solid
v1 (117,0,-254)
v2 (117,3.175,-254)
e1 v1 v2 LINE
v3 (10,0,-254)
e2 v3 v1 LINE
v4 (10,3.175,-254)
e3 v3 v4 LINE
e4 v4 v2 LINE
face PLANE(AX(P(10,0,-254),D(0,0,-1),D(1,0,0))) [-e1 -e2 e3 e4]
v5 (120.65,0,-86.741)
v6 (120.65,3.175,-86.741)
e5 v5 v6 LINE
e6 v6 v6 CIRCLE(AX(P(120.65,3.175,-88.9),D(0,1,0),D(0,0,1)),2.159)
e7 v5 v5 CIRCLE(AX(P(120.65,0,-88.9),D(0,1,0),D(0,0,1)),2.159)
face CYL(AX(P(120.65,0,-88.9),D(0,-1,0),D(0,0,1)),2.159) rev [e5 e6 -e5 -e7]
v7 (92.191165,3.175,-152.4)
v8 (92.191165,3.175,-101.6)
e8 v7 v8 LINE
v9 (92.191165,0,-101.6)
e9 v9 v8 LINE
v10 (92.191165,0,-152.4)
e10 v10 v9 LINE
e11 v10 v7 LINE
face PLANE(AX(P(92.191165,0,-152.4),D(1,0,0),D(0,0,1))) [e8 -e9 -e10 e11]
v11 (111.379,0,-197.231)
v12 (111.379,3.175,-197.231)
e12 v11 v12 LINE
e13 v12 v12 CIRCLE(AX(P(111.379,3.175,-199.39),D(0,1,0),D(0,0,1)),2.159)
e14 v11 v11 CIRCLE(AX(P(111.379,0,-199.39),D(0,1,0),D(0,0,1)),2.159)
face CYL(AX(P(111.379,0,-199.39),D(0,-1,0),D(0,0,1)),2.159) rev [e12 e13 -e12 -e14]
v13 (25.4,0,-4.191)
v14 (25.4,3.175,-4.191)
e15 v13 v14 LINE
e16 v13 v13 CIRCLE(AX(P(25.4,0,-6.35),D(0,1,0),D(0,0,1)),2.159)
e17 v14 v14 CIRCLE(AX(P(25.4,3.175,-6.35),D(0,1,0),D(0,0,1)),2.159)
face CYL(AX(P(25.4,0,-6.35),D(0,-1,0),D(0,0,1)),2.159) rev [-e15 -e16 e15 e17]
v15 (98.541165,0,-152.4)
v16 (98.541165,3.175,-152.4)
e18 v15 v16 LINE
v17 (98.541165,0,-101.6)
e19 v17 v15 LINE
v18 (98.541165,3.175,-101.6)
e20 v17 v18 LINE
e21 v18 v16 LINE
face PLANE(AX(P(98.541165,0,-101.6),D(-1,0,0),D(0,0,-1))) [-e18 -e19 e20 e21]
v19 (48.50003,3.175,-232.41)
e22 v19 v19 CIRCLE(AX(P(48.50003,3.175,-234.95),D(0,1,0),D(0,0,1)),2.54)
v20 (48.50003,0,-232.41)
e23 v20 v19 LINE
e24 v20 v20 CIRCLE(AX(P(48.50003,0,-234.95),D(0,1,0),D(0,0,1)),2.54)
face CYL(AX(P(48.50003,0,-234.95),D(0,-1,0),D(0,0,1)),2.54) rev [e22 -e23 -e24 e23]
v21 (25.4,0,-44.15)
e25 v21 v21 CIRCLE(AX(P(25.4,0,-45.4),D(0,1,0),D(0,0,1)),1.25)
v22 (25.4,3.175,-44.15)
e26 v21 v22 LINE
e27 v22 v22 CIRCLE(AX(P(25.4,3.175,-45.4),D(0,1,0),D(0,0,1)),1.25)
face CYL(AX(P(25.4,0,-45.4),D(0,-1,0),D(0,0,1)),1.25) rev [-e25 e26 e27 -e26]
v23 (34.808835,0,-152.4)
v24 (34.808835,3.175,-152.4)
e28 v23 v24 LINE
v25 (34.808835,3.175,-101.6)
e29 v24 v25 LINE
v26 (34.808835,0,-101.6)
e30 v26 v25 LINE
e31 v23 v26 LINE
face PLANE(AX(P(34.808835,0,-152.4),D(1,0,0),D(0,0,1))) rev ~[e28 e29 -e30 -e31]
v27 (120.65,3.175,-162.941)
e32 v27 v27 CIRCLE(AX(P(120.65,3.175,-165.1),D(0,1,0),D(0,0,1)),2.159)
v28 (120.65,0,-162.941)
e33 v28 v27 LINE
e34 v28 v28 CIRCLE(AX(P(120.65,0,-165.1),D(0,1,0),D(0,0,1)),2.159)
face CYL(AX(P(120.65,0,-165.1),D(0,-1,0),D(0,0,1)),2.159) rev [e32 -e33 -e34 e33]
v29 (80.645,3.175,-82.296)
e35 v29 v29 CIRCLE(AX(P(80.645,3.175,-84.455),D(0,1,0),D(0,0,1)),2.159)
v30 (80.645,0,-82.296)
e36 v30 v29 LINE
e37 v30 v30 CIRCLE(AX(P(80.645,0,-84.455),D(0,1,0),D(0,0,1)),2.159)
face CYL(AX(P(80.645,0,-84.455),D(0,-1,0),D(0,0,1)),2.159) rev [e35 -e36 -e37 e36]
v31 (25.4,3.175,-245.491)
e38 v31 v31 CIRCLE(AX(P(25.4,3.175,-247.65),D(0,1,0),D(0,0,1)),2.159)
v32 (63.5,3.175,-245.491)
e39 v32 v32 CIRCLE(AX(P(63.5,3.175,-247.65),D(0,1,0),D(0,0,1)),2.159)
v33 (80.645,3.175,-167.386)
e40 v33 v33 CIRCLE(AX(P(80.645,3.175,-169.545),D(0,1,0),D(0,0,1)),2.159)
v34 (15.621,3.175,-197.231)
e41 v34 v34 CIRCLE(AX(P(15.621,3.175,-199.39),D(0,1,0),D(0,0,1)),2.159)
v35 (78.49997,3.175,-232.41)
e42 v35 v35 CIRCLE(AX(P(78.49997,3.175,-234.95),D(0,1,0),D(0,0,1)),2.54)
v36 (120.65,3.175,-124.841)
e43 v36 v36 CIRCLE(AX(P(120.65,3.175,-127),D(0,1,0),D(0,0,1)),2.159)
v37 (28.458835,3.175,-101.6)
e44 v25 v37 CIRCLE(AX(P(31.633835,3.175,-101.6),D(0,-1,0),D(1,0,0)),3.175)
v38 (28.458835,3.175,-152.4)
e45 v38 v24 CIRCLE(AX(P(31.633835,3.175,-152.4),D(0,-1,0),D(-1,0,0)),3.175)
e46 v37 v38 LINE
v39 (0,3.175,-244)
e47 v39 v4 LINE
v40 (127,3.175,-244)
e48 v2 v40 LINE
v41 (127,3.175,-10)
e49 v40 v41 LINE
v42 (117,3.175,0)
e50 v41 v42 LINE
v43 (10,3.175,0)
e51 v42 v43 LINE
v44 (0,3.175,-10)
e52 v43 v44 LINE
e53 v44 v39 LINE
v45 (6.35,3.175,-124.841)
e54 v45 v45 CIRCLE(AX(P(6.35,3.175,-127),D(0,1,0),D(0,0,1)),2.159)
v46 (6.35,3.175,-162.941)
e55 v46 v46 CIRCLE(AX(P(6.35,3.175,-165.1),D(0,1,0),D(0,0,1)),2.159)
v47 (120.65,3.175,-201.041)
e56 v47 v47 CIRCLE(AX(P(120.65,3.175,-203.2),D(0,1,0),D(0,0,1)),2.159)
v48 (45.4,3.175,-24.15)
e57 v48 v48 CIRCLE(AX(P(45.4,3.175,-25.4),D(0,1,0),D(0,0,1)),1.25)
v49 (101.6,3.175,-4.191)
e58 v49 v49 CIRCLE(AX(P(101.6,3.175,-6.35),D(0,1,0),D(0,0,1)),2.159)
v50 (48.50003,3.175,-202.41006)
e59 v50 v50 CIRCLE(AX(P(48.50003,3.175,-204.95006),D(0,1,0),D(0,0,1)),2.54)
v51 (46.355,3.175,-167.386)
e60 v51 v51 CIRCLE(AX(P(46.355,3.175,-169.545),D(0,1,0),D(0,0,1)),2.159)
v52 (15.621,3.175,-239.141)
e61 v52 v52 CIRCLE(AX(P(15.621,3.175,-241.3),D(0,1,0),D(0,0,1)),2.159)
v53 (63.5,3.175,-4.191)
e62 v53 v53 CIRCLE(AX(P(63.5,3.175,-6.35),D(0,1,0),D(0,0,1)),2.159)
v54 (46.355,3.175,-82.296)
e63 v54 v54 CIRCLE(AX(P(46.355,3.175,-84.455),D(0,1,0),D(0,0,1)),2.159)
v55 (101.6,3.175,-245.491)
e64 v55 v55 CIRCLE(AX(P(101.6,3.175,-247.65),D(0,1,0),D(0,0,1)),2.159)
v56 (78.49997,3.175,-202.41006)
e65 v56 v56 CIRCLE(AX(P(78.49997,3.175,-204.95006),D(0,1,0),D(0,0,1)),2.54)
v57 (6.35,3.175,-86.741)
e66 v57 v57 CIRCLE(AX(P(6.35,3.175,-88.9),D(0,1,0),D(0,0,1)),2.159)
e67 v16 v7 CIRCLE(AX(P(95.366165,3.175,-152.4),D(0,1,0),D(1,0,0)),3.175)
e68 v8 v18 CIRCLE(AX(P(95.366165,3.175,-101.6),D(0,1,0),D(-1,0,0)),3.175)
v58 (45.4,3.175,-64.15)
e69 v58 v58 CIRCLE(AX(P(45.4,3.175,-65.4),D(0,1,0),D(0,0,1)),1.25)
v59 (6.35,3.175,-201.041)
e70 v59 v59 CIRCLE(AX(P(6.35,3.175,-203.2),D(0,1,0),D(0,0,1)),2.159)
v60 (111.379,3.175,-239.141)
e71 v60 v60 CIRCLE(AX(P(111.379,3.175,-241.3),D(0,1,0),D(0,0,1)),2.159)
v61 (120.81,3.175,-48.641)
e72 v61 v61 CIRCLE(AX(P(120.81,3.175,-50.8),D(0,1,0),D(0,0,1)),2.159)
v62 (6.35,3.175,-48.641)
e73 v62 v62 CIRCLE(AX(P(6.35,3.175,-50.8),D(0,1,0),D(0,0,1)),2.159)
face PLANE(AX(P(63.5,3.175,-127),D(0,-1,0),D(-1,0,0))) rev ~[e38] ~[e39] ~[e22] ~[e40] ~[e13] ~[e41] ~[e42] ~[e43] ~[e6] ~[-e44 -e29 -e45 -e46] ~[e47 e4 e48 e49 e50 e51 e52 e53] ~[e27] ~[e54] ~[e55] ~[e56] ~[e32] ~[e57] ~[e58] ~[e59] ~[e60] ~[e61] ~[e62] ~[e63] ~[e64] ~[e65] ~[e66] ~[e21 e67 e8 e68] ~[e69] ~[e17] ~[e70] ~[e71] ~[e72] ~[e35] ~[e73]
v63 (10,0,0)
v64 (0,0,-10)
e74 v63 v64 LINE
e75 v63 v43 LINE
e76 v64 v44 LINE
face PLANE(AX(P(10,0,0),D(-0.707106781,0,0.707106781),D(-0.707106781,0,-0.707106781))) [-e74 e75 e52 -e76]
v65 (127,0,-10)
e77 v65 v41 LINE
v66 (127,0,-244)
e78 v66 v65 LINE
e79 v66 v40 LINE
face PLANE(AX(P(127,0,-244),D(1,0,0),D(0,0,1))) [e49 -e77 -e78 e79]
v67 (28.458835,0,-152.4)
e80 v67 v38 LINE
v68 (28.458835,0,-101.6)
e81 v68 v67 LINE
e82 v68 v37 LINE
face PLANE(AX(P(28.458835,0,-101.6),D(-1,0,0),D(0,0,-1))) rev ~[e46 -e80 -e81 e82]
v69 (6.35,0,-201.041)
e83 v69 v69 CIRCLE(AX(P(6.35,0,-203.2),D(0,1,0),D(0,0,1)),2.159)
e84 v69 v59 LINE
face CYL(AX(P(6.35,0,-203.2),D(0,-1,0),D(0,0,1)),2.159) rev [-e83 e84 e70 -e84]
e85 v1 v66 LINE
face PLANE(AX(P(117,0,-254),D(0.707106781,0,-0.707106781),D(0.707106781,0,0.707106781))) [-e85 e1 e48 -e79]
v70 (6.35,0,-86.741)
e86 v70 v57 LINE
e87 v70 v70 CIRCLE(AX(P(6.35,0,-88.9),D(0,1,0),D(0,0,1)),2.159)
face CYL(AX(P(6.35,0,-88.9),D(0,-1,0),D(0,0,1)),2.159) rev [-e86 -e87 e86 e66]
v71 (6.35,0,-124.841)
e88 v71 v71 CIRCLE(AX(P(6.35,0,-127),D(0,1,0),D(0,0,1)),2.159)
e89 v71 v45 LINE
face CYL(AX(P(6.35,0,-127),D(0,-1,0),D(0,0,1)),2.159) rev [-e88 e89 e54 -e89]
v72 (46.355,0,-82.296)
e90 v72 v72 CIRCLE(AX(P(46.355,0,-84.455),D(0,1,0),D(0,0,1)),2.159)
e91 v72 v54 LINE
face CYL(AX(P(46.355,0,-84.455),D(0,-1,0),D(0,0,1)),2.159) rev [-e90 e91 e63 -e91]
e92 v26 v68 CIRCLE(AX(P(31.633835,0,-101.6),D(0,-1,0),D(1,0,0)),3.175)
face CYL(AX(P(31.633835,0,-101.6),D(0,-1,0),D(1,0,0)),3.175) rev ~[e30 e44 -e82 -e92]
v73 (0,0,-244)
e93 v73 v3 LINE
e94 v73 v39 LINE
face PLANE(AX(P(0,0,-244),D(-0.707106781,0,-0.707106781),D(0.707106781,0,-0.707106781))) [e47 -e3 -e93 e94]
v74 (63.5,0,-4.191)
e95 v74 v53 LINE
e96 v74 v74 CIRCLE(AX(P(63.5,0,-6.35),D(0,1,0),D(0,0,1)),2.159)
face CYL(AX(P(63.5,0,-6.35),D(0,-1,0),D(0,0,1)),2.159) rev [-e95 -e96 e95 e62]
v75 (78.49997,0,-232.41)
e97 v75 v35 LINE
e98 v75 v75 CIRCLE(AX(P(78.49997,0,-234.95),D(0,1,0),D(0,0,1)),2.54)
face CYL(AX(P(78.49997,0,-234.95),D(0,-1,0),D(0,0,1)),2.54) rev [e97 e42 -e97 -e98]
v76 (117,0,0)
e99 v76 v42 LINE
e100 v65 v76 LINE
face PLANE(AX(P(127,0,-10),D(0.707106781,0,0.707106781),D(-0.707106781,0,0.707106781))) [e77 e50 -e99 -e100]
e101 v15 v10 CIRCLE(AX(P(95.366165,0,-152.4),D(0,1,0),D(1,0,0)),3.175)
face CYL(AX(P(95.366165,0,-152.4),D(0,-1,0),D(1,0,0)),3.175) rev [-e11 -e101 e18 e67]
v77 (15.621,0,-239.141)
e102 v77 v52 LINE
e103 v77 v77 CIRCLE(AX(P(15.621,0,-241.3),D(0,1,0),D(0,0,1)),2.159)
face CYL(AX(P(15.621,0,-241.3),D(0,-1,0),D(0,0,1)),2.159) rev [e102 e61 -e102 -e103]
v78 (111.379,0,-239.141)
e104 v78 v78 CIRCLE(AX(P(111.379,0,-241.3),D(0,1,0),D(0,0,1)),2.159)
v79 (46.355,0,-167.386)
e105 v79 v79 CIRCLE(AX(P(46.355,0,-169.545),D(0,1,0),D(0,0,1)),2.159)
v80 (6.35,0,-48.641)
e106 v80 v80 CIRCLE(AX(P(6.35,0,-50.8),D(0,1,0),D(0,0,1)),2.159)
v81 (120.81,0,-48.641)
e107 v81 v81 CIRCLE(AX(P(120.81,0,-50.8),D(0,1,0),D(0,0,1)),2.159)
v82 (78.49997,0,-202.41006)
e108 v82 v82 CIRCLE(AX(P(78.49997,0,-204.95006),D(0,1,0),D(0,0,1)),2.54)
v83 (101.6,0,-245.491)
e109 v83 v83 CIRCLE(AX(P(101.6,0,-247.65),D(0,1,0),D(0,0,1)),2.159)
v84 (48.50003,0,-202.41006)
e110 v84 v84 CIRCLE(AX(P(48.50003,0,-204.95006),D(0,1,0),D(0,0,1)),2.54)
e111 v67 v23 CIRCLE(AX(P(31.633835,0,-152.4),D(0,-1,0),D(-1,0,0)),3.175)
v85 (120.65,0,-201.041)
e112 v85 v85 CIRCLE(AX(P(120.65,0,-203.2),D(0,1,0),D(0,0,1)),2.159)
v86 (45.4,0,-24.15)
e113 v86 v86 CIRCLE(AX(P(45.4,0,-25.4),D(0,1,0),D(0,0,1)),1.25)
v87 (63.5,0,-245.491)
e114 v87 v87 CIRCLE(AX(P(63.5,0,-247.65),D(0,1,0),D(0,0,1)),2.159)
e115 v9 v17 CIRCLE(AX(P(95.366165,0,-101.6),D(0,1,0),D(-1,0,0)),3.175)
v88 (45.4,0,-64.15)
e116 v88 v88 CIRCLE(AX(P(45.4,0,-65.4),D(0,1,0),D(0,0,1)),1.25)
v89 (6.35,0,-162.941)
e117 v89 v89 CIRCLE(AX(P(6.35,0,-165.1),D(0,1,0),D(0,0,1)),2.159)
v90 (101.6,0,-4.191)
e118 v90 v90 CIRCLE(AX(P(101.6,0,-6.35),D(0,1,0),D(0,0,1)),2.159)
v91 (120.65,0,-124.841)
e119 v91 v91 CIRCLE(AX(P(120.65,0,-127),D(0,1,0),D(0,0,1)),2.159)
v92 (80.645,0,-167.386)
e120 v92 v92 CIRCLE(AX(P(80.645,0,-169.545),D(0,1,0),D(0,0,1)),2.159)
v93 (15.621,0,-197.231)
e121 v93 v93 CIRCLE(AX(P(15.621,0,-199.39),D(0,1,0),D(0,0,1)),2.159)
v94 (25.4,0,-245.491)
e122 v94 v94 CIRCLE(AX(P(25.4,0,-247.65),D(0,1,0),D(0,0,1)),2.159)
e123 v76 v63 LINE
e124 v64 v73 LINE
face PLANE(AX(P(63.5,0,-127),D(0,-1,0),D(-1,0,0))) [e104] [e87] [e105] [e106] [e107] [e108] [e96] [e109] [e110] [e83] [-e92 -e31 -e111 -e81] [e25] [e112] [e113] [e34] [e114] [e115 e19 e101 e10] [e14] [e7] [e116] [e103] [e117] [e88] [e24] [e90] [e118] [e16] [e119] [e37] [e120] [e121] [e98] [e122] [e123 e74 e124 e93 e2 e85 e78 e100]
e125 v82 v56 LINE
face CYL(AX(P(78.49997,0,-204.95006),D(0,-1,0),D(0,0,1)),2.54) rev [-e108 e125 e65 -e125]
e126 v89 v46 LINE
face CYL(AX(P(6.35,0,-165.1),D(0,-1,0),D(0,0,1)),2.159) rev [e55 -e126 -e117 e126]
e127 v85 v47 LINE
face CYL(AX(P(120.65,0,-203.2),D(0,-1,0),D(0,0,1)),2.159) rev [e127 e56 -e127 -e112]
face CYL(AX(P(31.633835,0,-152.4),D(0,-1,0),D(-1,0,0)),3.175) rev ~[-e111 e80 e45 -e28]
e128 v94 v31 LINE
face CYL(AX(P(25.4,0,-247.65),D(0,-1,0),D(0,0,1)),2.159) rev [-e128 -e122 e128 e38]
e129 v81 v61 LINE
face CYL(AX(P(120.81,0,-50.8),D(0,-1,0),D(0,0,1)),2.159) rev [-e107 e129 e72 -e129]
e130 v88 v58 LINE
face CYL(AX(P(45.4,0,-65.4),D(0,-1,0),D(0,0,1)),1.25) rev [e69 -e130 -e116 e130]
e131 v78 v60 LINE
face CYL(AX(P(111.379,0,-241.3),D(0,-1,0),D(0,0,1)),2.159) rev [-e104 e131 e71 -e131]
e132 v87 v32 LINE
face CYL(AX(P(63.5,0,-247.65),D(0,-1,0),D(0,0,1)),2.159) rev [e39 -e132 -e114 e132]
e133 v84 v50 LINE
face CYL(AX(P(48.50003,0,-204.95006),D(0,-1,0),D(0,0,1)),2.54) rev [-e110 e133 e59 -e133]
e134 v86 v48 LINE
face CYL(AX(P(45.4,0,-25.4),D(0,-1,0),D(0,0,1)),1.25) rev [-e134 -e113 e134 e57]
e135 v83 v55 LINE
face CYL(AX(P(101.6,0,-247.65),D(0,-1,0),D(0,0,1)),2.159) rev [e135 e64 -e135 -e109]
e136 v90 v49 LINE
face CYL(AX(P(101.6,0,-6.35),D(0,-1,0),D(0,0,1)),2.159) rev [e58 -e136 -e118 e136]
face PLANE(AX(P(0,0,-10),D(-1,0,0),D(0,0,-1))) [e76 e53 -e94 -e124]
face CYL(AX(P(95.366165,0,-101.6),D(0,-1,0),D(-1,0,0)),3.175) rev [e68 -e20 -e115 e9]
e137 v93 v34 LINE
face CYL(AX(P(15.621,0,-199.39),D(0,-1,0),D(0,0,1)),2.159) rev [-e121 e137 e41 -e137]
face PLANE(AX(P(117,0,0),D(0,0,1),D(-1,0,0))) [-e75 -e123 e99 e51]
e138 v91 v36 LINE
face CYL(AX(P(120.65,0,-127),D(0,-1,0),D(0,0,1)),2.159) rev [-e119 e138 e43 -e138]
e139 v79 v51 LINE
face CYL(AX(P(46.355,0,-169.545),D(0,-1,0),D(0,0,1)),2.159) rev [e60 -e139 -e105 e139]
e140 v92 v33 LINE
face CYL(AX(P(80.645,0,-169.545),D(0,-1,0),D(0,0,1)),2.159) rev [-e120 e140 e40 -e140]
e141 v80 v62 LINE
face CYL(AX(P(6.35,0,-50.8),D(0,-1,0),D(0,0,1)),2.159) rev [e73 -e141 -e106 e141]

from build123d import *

# Parameters (mm, degrees)
SKETCH2_R           = 2.159
SKETCH2_R_2         = 2.54
SKETCH2_R_3         = 1.25
BOSS_EXTRUDE1_DEPTH = 3.175


with BuildPart() as part:
    # Sketch2 → Boss-Extrude1 (new body)
    with BuildSketch(Plane(origin=(0, 0, 0), x_dir=(1, 0, 0), z_dir=(0, 1, 0))):
        Polygon((0, 10), (0, 244), (10, 254), (117, 254), (127, 244), (127, 10), (117, 0), (10, 0), align=None)
        with Locations(Location((6.35, 88.9, 0), (0, 0, 270))):
            Circle(SKETCH2_R, mode=Mode.SUBTRACT)
        with Locations(Location((6.35, 165.1, 0), (0, 0, 270))):
            Circle(SKETCH2_R, mode=Mode.SUBTRACT)
        with Locations(Location((120.65, 165.1, 0), (0, 0, 270))):
            Circle(SKETCH2_R, mode=Mode.SUBTRACT)
        with Locations(Location((120.81, 50.8, 0), (0, 0, 270))):
            Circle(SKETCH2_R, mode=Mode.SUBTRACT)
        with Locations(Location((6.35, 50.8, 0), (0, 0, 270))):
            Circle(SKETCH2_R, mode=Mode.SUBTRACT)
        with Locations(Location((25.4, 247.65, 0), (0, 0, 270))):
            Circle(SKETCH2_R, mode=Mode.SUBTRACT)
        with Locations(Location((101.6, 247.65, 0), (0, 0, 270))):
            Circle(SKETCH2_R, mode=Mode.SUBTRACT)
        with Locations(Location((101.6, 6.35, 0), (0, 0, 270))):
            Circle(SKETCH2_R, mode=Mode.SUBTRACT)
        with Locations(Location((25.4, 6.35, 0), (0, 0, 270))):
            Circle(SKETCH2_R, mode=Mode.SUBTRACT)
        with Locations(Location((15.621, 241.3, 0), (0, 0, 270))):
            Circle(SKETCH2_R, mode=Mode.SUBTRACT)
        with Locations(Location((15.621, 199.39, 0), (0, 0, 270))):
            Circle(SKETCH2_R, mode=Mode.SUBTRACT)
        with Locations(Location((111.379, 199.39, 0), (0, 0, 270))):
            Circle(SKETCH2_R, mode=Mode.SUBTRACT)
        with Locations(Location((111.379, 241.3, 0), (0, 0, 270))):
            Circle(SKETCH2_R, mode=Mode.SUBTRACT)
        with Locations(Location((46.355, 169.545, 0), (0, 0, 270))):
            Circle(SKETCH2_R, mode=Mode.SUBTRACT)
        with Locations(Location((46.355, 84.455, 0), (0, 0, 270))):
            Circle(SKETCH2_R, mode=Mode.SUBTRACT)
        with Locations(Location((80.645, 84.455, 0), (0, 0, 270))):
            Circle(SKETCH2_R, mode=Mode.SUBTRACT)
        with Locations(Location((80.645, 169.545, 0), (0, 0, 270))):
            Circle(SKETCH2_R, mode=Mode.SUBTRACT)
        with Locations(Location((120.65, 88.9, 0), (0, 0, 270))):
            Circle(SKETCH2_R, mode=Mode.SUBTRACT)
        with Locations(Location((48.50003, 234.95, 0), (0, 0, 270))):
            Circle(SKETCH2_R_2, mode=Mode.SUBTRACT)
        with Locations(Location((78.49997, 234.95, 0), (0, 0, 270))):
            Circle(SKETCH2_R_2, mode=Mode.SUBTRACT)
        with Locations(Location((78.49997, 204.95006, 0), (0, 0, 270))):
            Circle(SKETCH2_R_2, mode=Mode.SUBTRACT)
        with Locations(Location((48.50003, 204.95006, 0), (0, 0, 270))):
            Circle(SKETCH2_R_2, mode=Mode.SUBTRACT)
        with Locations(Location((120.65, 203.2, 0), (0, 0, 270))):
            Circle(SKETCH2_R, mode=Mode.SUBTRACT)
        with Locations(Location((6.35, 203.2, 0), (0, 0, 270))):
            Circle(SKETCH2_R, mode=Mode.SUBTRACT)
        with Locations(Location((63.5, 247.65, 0), (0, 0, 270))):
            Circle(SKETCH2_R, mode=Mode.SUBTRACT)
        with Locations(Location((63.5, 6.35, 0), (0, 0, 270))):
            Circle(SKETCH2_R, mode=Mode.SUBTRACT)
        with Locations(Location((120.65, 127, 0), (0, 0, 270))):
            Circle(SKETCH2_R, mode=Mode.SUBTRACT)
        with Locations(Location((6.35, 127, 0), (0, 0, 270))):
            Circle(SKETCH2_R, mode=Mode.SUBTRACT)
        with Locations(Location((25.4, 45.4, 0), (0, 0, 270))):
            Circle(SKETCH2_R_3, mode=Mode.SUBTRACT)
        with Locations(Location((45.4, 65.4, 0), (0, 0, 270))):
            Circle(SKETCH2_R_3, mode=Mode.SUBTRACT)
        with Locations(Location((45.4, 25.4, 0), (0, 0, 270))):
            Circle(SKETCH2_R_3, mode=Mode.SUBTRACT)
        with BuildLine():
            Line((34.808835003, 152.4), (34.808835003, 101.6))
            ThreePointArc((34.808835003, 101.6), (31.633835003, 98.425), (28.458835003, 101.6))
            Line((28.458835003, 101.6), (28.458835003, 152.4))
            ThreePointArc((28.458835003, 152.4), (31.633835003, 155.575), (34.808835003, 152.4))
        make_face(mode=Mode.SUBTRACT)
        with BuildLine():
            Line((92.191164997, 152.4), (92.191164997, 101.6))
            ThreePointArc((92.191164997, 101.6), (95.366164997, 98.425), (98.541164997, 101.6))
            Line((98.541164997, 101.6), (98.541164997, 152.4))
            ThreePointArc((98.541164997, 152.4), (95.366164997, 155.575), (92.191164997, 152.4))
        make_face(mode=Mode.SUBTRACT)
    extrude(amount=BOSS_EXTRUDE1_DEPTH)


solid = part.part
